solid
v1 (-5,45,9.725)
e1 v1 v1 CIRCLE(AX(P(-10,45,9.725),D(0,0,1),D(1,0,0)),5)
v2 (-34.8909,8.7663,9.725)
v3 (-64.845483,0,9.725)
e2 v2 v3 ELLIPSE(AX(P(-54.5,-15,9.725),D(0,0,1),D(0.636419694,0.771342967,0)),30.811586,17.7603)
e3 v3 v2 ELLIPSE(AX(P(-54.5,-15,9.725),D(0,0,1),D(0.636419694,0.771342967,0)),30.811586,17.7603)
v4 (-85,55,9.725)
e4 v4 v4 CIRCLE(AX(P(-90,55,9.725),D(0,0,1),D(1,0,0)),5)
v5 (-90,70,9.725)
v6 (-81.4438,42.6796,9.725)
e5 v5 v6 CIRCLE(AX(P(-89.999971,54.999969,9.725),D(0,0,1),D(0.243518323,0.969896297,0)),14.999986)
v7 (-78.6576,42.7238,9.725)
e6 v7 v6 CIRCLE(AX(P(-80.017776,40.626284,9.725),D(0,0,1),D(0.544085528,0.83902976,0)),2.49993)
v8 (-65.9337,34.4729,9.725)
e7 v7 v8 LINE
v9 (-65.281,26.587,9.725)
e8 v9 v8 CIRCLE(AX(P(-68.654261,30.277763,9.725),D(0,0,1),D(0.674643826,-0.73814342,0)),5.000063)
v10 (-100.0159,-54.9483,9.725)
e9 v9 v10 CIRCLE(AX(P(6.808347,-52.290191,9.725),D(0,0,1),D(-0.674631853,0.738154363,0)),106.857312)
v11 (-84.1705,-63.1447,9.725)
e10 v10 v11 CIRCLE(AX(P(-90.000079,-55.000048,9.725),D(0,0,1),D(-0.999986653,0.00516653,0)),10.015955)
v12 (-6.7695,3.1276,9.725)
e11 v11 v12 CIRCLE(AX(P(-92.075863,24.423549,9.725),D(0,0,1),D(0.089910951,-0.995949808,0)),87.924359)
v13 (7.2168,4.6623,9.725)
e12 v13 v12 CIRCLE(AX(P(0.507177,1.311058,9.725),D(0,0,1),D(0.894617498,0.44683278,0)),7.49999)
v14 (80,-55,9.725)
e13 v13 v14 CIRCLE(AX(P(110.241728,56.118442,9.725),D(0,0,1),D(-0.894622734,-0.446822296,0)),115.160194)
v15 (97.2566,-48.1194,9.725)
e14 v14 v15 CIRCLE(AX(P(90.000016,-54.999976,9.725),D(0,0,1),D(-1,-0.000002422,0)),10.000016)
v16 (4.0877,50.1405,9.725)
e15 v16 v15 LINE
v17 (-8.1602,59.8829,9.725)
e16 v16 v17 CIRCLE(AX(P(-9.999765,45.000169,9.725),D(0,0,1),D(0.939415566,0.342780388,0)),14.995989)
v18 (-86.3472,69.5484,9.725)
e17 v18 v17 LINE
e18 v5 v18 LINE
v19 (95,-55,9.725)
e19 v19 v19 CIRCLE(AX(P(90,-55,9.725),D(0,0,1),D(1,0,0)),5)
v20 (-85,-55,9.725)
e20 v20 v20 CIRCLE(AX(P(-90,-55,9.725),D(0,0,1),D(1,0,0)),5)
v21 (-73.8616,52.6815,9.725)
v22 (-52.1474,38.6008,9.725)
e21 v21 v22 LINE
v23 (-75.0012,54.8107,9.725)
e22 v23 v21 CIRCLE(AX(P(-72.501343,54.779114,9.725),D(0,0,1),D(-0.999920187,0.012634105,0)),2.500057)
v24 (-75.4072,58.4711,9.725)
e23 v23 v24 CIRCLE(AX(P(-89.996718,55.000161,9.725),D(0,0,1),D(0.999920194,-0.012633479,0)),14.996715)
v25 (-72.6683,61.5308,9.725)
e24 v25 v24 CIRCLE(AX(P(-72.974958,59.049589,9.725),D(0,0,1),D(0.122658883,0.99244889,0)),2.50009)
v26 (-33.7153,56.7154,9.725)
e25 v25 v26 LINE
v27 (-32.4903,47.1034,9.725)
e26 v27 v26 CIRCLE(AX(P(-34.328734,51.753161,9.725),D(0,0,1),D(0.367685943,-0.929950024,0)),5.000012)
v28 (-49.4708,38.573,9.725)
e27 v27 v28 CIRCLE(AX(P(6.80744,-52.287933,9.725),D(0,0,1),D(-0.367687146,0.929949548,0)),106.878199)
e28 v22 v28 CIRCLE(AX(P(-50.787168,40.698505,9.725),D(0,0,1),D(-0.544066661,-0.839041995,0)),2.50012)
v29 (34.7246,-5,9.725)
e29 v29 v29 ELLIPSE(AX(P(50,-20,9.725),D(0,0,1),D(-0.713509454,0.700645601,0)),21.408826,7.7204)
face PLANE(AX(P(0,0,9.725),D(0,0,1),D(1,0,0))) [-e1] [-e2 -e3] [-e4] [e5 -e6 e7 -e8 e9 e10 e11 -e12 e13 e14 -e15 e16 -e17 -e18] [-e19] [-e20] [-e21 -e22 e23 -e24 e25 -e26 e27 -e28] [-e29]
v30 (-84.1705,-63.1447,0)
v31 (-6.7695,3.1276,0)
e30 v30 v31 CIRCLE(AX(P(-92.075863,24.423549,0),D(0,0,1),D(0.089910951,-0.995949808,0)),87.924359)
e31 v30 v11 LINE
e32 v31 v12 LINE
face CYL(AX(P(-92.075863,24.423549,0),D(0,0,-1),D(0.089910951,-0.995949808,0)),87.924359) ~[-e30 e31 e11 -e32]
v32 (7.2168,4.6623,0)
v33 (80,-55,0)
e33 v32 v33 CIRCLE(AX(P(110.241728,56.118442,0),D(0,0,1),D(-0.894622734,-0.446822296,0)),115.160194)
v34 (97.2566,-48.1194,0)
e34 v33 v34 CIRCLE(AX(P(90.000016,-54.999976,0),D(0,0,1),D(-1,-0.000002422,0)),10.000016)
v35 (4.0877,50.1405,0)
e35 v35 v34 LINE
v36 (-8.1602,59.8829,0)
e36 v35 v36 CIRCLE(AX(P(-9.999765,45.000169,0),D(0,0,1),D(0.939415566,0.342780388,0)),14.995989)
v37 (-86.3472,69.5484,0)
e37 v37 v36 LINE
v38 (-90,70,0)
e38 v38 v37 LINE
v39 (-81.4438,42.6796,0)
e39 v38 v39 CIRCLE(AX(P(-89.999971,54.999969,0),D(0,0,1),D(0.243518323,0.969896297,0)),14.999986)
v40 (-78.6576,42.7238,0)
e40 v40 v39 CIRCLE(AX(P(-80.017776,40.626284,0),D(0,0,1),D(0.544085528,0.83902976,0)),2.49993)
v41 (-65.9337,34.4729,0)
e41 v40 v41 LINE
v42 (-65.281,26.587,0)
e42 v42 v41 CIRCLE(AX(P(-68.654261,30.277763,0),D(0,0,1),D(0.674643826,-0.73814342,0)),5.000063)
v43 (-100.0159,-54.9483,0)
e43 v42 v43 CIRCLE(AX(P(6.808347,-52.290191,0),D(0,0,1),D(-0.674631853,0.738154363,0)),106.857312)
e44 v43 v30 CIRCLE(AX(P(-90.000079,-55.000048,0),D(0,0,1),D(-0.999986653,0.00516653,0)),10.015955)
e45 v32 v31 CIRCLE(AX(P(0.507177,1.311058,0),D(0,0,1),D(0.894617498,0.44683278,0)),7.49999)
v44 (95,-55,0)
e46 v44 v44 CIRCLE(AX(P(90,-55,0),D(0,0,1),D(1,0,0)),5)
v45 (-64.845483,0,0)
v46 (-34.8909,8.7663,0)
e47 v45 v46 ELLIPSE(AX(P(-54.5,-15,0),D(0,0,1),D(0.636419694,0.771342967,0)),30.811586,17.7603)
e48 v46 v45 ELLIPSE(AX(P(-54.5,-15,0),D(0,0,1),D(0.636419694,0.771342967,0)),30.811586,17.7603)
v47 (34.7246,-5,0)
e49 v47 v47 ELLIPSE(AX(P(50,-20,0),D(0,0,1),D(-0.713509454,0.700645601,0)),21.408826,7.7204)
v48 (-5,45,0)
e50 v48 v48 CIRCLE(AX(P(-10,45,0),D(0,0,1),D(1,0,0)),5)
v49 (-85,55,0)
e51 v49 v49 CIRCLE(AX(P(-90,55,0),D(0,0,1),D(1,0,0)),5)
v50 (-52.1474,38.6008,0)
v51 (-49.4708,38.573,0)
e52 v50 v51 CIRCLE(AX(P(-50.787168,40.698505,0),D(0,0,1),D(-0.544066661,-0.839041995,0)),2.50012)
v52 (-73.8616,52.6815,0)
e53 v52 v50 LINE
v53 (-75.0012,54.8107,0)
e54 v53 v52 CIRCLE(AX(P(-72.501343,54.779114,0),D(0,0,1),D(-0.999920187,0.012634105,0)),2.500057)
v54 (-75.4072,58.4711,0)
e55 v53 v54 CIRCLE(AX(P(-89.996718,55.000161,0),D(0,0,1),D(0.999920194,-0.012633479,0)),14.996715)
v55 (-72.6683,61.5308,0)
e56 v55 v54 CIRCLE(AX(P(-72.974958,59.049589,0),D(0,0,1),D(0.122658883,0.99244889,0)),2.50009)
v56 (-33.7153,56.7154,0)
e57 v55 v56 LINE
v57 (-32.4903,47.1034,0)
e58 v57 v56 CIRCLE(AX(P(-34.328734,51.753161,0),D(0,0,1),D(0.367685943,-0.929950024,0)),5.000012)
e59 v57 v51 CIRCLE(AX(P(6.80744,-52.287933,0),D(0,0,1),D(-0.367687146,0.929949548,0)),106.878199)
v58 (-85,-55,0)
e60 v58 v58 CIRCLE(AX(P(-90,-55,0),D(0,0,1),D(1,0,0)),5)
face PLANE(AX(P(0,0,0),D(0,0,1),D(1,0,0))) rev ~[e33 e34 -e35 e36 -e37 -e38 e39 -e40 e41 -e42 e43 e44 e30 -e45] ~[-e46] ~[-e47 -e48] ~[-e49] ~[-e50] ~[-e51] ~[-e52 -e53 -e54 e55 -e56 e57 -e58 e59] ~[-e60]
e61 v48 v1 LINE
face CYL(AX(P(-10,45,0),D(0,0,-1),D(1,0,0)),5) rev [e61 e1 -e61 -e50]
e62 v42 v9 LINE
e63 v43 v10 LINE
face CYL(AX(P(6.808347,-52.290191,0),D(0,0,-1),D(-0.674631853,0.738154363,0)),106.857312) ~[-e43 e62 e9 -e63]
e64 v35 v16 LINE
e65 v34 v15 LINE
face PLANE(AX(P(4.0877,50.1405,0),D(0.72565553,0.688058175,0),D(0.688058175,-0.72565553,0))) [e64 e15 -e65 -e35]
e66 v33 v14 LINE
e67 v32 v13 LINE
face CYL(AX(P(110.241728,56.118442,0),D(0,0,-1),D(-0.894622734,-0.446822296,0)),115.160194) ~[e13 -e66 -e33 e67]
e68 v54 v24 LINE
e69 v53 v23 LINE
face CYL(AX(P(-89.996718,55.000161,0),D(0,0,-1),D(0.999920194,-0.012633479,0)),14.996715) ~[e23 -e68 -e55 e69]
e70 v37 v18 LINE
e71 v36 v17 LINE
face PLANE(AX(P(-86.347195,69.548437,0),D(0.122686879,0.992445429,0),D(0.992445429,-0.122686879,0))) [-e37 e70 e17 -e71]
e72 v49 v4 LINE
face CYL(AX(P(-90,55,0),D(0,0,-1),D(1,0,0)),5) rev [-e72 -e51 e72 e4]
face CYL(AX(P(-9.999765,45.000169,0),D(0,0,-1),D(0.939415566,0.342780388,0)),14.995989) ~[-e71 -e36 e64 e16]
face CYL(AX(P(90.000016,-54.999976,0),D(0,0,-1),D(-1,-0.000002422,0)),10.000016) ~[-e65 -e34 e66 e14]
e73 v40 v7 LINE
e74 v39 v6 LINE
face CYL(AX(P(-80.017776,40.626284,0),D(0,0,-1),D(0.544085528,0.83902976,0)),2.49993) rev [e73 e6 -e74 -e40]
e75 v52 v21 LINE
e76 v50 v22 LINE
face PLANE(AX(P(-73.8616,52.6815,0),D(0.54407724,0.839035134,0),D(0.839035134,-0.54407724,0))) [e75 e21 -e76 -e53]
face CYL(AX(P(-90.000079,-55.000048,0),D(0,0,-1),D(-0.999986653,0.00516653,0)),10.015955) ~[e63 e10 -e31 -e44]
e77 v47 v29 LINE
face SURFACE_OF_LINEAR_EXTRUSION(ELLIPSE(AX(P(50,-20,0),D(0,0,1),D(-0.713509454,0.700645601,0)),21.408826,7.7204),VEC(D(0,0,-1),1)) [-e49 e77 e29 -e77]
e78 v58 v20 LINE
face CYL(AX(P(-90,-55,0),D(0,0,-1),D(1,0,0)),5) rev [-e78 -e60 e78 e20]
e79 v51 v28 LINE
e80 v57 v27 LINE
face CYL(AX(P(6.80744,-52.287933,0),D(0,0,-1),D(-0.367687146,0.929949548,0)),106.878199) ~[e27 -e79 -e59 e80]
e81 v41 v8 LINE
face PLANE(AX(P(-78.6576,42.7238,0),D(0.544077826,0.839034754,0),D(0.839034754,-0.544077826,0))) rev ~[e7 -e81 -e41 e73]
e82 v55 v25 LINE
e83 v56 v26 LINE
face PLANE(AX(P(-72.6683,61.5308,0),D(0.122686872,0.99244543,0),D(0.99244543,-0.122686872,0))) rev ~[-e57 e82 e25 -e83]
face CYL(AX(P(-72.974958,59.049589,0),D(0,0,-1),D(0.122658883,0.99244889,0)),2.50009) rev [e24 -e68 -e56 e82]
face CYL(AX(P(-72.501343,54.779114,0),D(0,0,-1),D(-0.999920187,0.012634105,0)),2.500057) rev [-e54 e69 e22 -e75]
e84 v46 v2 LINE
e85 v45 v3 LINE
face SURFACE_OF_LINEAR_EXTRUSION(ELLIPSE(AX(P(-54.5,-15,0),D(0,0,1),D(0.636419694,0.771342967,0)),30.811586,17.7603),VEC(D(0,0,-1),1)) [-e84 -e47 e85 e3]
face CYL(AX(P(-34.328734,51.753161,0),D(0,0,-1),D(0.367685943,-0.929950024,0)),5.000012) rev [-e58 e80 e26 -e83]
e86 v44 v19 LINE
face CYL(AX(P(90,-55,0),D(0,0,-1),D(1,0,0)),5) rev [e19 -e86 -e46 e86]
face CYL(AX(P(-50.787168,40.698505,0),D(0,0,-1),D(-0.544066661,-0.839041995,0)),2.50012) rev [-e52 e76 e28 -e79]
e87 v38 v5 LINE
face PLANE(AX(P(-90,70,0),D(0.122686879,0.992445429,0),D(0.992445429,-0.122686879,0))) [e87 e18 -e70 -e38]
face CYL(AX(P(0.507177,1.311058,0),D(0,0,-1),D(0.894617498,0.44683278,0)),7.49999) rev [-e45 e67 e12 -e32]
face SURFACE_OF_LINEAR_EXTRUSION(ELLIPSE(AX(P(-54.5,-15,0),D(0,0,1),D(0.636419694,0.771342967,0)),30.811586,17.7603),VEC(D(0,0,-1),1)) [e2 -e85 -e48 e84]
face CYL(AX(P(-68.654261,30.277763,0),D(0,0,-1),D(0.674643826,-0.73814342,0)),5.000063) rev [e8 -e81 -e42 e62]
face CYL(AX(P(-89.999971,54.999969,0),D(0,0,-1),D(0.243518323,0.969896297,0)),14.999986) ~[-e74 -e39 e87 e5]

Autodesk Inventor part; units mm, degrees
ref_plane "YZ Plane" through (0, 0, 0) normal (1, 0, 0) x (0, 1, 0)
ref_plane "XZ Plane" through (0, 0, 0) normal (0, 1, 0) x (-1, 0, 0)
ref_plane "XY Plane" through (0, 0, 0) normal (0, 0, 1) x (1, 0, 0)
sketch "Sketch1" plane through (0, 0, 0) normal (0, 0, 1) x (1, 0, 0)
  line L0 (-110, 75) -> (110, 75)
  line L1 (110, 75) -> (110, -75)
  line L2 (110, -75) -> (-110, -75)
  line L3 (-110, -75) -> (-110, 75)
  circle A0 centre (-90, 55) radius 5
  circle A1 centre (-90, -55) radius 5
  circle A2 centre (-10, 45) radius 5
  circle A3 centre (90, -55) radius 5
  line L4 (-67, 0) -> (-42, 0)
  line L5 (-42, 0) -> (-42, -30) construction
  line L6 (-42, -30) -> (-67, -30) construction
  line L7 (-67, -30) -> (-67, 0) construction
  line L8 (40, -10) -> (60, -10) construction
  line L9 (60, -10) -> (60, -30) construction
  line L10 (60, -30) -> (40, -30) construction
  line L11 (40, -30) -> (40, -10) construction
  arc A4 (80, -55) -> (97.2566, -48.1194) centre (90, -55) ccw
  line L12 (-78.6576, 42.7238) -> (-65.9337, 34.4729)
  line L13 (-73.8616, 52.6815) -> (-52.1474, 38.6008)
  arc A5 (-32.4903, 47.1034) -> (-49.4708, 38.573) centre (6.8085, -52.2903) ccw
  arc A6 (-65.281, 26.587) -> (-100.0159, -54.9483) centre (6.8085, -52.2903) ccw
  arc A7 (4.0877, 50.1405) -> (-8.1602, 59.8829) centre (-10, 45) ccw
  arc A8 (-100.0159, -54.9483) -> (-84.1705, -63.1447) centre (-90, -55) ccw
  arc A9 (-65.281, 26.587) -> (-65.9337, 34.4729) centre (-68.6541, 30.2777) ccw
  arc A10 (-78.6576, 42.7238) -> (-81.4438, 42.6796) centre (-80.0178, 40.6262) ccw
  arc A11 (-75.0012, 54.8107) -> (-73.8616, 52.6815) centre (-72.5014, 54.7791) ccw
  arc A12 (-52.1474, 38.6008) -> (-49.4708, 38.573) centre (-50.7872, 40.6984) ccw
  arc A13 (-84.1705, -63.1447) -> (-6.7695, 3.1276) centre (-92.0758, 24.4234) ccw
  arc A14 (7.2168, 4.6623) -> (80, -55) centre (110.2418, 56.1185) ccw
  line L14 (4.0877, 50.1405) -> (97.2566, -48.1194)
  line L15 (-90, 70) -> (-8.1602, 59.8829)
  line L16 (-72.6683, 61.5308) -> (-33.7153, 56.7154)
  arc A15 (-72.6683, 61.5308) -> (-75.4072, 58.4711) centre (-72.975, 59.0497) ccw
  arc A16 (-32.4903, 47.1034) -> (-33.7153, 56.7154) centre (-34.3288, 51.7532) ccw
  arc A17 (-75.0012, 54.8107) -> (-75.4072, 58.4711) centre (-90, 55) ccw
  arc A18 (-86.3472, 69.5484) -> (-81.4438, 42.6796) centre (-90, 55) ccw
  arc A19 (7.2168, 4.6623) -> (-6.7695, 3.1276) centre (0.5072, 1.3111) ccw
  circle A20 centre (-54.5, -15) radius 10 construction
  ellipse E0 centre (-54.5, -15) end of major axis (-34.8909, 8.7663) minor radius 17.7603
  ellipse E1 centre (50, -20) end of major axis (34.7246, -5) minor radius 7.7204
  circle A21 centre (43.0635, -13.1154) radius 3 construction
  circle A22 centre (47.4663, -17.5409) radius 3 construction
  circle A23 centre (51.9204, -22.0998) radius 3 construction
  circle A24 centre (56.7938, -26.2396) radius 3 construction
  point P0 (0, 0)
  dimension "d0" = 220
  dimension "d1" = 150
  dimension "d6" = 10
  dimension "d8" = 55
  dimension "d9" = 10
  dimension "d10" = 10
  dimension "d11" = 10
  dimension "d15" = 90
  dimension "d16" = 90
  dimension "d17" = 55
  dimension "d19" = 75
  dimension "d21" = 0
  dimension "d26" = 20
  dimension "d27" = 10
  dimension "d30" = 55
  dimension "d95" = 10
  dimension "d96" = 45
  dimension "d97" = 90
  dimension "d100" = 20
  dimension "d101" = 42
  dimension "d102" = 30
  dimension "d103" = 25
  dimension "d104" = 20
  dimension "d105" = 50
  dimension "d106" = 40
  dimension "d112" = 10
  dimension "d113" = 5
  dimension "d114" = 5
  dimension "d115" = 5
  dimension "d125" = 5
  dimension "d126" = 10
  dimension "d131" = 15
  dimension "d132" = 20
  dimension "d133" = 6
  dimension "d134" = 6
  dimension "d135" = 6
  dimension "d136" = 6
extrude "Extrusion22" add sketch "Sketch1" along normal blind 9.725 contours A14 A19 A13 A8 A6 A9 L12 A10 A18 L15 A7 L14 A4
properties part number "Bracket Design MK28"
